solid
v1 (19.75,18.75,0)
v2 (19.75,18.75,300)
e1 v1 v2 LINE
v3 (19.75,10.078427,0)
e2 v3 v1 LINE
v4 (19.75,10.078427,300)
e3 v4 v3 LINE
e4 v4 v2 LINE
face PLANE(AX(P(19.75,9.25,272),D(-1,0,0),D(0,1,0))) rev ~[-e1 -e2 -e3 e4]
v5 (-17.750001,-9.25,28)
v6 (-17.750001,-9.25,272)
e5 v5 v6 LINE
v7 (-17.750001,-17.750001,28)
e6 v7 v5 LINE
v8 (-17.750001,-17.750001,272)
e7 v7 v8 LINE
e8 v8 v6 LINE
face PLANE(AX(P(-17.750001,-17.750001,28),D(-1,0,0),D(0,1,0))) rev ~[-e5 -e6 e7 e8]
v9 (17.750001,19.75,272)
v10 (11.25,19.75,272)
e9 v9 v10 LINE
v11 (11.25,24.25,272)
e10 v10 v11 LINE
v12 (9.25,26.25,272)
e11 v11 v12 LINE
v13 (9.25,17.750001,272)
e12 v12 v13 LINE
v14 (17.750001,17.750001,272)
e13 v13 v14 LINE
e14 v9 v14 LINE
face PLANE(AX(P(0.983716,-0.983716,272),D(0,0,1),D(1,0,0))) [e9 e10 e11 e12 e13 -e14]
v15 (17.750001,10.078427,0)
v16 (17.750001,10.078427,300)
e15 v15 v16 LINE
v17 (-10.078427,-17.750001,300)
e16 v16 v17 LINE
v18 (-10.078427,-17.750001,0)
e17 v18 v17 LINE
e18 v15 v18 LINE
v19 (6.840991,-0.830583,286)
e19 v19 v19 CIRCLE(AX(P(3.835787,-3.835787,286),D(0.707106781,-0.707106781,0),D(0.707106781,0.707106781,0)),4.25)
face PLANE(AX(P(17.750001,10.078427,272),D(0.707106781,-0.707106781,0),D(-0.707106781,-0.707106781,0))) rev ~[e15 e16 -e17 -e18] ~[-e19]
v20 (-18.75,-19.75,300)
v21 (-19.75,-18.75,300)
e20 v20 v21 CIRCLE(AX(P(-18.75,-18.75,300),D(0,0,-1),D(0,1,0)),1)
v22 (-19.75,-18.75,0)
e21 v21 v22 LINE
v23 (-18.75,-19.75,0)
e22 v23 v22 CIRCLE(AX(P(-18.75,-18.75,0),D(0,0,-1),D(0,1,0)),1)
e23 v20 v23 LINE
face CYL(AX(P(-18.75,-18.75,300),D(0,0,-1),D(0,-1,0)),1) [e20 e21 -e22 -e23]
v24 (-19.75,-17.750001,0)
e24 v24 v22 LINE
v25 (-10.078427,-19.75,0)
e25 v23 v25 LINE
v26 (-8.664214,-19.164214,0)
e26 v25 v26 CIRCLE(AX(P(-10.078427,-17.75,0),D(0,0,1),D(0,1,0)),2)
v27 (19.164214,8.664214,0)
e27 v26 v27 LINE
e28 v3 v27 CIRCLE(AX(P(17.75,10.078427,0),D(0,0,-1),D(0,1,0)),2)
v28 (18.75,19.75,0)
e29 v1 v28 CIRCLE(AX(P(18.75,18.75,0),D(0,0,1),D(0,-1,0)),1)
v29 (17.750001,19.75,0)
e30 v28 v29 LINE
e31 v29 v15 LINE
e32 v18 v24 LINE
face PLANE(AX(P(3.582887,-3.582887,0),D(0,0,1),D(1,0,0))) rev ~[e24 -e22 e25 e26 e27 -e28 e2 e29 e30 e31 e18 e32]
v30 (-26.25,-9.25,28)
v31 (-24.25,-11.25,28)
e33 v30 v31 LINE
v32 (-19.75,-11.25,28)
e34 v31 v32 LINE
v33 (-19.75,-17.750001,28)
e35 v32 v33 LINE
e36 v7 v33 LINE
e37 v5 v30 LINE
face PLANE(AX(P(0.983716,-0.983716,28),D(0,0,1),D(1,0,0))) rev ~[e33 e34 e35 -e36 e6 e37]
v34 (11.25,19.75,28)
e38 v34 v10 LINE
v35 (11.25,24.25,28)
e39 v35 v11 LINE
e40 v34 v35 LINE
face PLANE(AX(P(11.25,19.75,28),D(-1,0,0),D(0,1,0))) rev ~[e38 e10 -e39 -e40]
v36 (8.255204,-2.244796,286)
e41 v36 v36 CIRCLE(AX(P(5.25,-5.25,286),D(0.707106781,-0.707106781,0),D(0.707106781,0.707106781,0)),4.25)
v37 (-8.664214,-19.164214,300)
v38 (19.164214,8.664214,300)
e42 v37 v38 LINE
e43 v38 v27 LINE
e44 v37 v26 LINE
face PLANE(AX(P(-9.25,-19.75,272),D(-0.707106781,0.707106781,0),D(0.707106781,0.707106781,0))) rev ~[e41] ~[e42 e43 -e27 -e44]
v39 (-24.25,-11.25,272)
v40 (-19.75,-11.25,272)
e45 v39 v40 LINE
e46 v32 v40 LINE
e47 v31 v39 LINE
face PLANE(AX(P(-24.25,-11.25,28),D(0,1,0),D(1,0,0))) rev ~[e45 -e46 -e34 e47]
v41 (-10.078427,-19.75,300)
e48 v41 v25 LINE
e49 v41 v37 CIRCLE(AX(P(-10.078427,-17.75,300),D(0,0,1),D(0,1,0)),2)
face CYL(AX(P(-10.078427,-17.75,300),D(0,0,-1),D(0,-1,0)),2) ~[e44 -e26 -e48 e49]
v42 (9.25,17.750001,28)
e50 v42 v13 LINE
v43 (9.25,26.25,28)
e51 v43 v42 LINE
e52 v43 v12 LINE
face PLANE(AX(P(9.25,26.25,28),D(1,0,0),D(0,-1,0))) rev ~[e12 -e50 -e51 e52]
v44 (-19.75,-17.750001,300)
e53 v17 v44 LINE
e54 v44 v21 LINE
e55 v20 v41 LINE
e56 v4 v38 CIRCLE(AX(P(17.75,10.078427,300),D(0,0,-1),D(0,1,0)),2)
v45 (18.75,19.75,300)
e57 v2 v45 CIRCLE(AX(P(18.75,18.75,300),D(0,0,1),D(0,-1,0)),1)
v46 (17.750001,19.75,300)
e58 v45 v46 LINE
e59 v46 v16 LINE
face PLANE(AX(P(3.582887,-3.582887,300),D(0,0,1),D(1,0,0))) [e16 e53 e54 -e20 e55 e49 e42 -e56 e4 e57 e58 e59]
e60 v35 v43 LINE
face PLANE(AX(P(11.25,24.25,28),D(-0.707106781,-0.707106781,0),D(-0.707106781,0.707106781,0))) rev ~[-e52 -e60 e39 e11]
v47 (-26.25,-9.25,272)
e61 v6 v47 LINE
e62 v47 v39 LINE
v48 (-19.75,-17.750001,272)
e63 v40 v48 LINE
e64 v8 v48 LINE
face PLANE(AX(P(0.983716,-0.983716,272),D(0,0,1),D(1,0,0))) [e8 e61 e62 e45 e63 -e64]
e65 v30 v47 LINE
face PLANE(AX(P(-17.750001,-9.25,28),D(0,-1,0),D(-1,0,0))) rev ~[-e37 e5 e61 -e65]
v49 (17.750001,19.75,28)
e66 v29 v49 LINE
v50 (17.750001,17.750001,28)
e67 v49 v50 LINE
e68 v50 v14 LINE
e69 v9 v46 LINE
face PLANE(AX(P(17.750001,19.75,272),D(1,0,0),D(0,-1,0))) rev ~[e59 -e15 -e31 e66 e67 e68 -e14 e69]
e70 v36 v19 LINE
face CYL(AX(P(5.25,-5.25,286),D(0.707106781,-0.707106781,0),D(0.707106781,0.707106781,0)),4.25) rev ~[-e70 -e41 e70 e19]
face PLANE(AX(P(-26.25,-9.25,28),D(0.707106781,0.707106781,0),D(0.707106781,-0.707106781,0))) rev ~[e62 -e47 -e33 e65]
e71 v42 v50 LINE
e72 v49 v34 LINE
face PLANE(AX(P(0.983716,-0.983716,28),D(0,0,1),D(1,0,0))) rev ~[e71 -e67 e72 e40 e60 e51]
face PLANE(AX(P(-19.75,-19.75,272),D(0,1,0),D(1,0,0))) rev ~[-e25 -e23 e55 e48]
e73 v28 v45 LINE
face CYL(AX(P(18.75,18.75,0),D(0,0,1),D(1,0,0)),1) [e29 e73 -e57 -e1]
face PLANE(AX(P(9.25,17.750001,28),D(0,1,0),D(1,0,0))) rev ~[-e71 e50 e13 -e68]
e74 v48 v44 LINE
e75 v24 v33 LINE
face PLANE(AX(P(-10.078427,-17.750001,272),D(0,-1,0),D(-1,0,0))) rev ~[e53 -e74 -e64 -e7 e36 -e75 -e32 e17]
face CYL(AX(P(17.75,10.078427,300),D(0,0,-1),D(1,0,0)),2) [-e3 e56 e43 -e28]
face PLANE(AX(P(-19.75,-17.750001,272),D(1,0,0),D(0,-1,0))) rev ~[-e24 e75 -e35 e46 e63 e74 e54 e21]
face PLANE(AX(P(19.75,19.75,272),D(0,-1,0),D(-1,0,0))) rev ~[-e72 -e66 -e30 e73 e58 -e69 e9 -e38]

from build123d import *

# Parameters (mm, degrees)
F1_DEPTH = 28
F3_DEPTH = 244
F5_DEPTH = 28
F6_R     = 2
F7_R     = 1
F8_R     = 4.25
F9_DEPTH = 25


with BuildPart() as f1:
    # F0 (on Top) → F1 (new body)
    with BuildSketch(Plane.XY):
        Polygon((-19.75, -17.750001), (-19.75, -19.75), (-9.25, -19.75), (19.75, 9.25), (19.75, 19.75), (17.750001, 19.75), (17.750001, 10.078427), (-10.078427, -17.750001), align=None)
    extrude(amount=F1_DEPTH)

    # F2 (on face) → F3 (join)
    with BuildSketch(Plane.XY.offset(28)):
        Polygon((-19.75, -19.75), (-9.25, -19.75), (19.75, 9.25), (19.75, 19.75), (11.25, 19.75), (11.25, 24.25), (9.25, 26.25), (9.25, 23.421573), (9.25, 19.75), (9.25, 17.750001), (17.750001, 17.750001), (17.750001, 10.078427), (16.585787, 8.914213), (-8.914213, -16.585787), (-10.078427, -17.750001), (-17.750001, -17.750001), (-17.750001, -9.25), (-19.75, -9.25), (-23.421573, -9.25), (-26.25, -9.25), (-24.25, -11.25), (-19.75, -11.25), align=None)
    extrude(amount=F3_DEPTH)

    # F4 (on face) → F5 (join)
    with BuildSketch(Plane.XY.offset(272)):
        Polygon((19.75, 9.25), (19.75, 19.75), (17.750001, 19.75), (17.750001, 10.078427), (-10.078427, -17.750001), (-19.75, -17.750001), (-19.75, -19.75), (-9.25, -19.75), align=None)
    extrude(amount=F5_DEPTH)

    # F6
    f6_edges = [f1.edges().sort_by_distance(p)[0] for p in [
        (19.75, 9.25, 150),
        (-9.25, -19.75, 150),
    ]]
    fillet(f6_edges, radius=F6_R)

    # F7
    f7_edges = [f1.edges().sort_by_distance(p)[0] for p in [
        (-19.75, -19.75, 150),
        (19.75, 19.75, 150),
    ]]
    fillet(f7_edges, radius=F7_R)

    # F8 (on face) → F9 (cut)
    with BuildSketch(Plane(origin=(5.25, -5.25, 0), x_dir=(0.707107, 0.707107, 0), z_dir=(0.707107, -0.707107, 0))):
        with Locations((0, 286)):
            Circle(F8_R)
    extrude(amount=-F9_DEPTH, mode=Mode.SUBTRACT)


solid = f1.part
